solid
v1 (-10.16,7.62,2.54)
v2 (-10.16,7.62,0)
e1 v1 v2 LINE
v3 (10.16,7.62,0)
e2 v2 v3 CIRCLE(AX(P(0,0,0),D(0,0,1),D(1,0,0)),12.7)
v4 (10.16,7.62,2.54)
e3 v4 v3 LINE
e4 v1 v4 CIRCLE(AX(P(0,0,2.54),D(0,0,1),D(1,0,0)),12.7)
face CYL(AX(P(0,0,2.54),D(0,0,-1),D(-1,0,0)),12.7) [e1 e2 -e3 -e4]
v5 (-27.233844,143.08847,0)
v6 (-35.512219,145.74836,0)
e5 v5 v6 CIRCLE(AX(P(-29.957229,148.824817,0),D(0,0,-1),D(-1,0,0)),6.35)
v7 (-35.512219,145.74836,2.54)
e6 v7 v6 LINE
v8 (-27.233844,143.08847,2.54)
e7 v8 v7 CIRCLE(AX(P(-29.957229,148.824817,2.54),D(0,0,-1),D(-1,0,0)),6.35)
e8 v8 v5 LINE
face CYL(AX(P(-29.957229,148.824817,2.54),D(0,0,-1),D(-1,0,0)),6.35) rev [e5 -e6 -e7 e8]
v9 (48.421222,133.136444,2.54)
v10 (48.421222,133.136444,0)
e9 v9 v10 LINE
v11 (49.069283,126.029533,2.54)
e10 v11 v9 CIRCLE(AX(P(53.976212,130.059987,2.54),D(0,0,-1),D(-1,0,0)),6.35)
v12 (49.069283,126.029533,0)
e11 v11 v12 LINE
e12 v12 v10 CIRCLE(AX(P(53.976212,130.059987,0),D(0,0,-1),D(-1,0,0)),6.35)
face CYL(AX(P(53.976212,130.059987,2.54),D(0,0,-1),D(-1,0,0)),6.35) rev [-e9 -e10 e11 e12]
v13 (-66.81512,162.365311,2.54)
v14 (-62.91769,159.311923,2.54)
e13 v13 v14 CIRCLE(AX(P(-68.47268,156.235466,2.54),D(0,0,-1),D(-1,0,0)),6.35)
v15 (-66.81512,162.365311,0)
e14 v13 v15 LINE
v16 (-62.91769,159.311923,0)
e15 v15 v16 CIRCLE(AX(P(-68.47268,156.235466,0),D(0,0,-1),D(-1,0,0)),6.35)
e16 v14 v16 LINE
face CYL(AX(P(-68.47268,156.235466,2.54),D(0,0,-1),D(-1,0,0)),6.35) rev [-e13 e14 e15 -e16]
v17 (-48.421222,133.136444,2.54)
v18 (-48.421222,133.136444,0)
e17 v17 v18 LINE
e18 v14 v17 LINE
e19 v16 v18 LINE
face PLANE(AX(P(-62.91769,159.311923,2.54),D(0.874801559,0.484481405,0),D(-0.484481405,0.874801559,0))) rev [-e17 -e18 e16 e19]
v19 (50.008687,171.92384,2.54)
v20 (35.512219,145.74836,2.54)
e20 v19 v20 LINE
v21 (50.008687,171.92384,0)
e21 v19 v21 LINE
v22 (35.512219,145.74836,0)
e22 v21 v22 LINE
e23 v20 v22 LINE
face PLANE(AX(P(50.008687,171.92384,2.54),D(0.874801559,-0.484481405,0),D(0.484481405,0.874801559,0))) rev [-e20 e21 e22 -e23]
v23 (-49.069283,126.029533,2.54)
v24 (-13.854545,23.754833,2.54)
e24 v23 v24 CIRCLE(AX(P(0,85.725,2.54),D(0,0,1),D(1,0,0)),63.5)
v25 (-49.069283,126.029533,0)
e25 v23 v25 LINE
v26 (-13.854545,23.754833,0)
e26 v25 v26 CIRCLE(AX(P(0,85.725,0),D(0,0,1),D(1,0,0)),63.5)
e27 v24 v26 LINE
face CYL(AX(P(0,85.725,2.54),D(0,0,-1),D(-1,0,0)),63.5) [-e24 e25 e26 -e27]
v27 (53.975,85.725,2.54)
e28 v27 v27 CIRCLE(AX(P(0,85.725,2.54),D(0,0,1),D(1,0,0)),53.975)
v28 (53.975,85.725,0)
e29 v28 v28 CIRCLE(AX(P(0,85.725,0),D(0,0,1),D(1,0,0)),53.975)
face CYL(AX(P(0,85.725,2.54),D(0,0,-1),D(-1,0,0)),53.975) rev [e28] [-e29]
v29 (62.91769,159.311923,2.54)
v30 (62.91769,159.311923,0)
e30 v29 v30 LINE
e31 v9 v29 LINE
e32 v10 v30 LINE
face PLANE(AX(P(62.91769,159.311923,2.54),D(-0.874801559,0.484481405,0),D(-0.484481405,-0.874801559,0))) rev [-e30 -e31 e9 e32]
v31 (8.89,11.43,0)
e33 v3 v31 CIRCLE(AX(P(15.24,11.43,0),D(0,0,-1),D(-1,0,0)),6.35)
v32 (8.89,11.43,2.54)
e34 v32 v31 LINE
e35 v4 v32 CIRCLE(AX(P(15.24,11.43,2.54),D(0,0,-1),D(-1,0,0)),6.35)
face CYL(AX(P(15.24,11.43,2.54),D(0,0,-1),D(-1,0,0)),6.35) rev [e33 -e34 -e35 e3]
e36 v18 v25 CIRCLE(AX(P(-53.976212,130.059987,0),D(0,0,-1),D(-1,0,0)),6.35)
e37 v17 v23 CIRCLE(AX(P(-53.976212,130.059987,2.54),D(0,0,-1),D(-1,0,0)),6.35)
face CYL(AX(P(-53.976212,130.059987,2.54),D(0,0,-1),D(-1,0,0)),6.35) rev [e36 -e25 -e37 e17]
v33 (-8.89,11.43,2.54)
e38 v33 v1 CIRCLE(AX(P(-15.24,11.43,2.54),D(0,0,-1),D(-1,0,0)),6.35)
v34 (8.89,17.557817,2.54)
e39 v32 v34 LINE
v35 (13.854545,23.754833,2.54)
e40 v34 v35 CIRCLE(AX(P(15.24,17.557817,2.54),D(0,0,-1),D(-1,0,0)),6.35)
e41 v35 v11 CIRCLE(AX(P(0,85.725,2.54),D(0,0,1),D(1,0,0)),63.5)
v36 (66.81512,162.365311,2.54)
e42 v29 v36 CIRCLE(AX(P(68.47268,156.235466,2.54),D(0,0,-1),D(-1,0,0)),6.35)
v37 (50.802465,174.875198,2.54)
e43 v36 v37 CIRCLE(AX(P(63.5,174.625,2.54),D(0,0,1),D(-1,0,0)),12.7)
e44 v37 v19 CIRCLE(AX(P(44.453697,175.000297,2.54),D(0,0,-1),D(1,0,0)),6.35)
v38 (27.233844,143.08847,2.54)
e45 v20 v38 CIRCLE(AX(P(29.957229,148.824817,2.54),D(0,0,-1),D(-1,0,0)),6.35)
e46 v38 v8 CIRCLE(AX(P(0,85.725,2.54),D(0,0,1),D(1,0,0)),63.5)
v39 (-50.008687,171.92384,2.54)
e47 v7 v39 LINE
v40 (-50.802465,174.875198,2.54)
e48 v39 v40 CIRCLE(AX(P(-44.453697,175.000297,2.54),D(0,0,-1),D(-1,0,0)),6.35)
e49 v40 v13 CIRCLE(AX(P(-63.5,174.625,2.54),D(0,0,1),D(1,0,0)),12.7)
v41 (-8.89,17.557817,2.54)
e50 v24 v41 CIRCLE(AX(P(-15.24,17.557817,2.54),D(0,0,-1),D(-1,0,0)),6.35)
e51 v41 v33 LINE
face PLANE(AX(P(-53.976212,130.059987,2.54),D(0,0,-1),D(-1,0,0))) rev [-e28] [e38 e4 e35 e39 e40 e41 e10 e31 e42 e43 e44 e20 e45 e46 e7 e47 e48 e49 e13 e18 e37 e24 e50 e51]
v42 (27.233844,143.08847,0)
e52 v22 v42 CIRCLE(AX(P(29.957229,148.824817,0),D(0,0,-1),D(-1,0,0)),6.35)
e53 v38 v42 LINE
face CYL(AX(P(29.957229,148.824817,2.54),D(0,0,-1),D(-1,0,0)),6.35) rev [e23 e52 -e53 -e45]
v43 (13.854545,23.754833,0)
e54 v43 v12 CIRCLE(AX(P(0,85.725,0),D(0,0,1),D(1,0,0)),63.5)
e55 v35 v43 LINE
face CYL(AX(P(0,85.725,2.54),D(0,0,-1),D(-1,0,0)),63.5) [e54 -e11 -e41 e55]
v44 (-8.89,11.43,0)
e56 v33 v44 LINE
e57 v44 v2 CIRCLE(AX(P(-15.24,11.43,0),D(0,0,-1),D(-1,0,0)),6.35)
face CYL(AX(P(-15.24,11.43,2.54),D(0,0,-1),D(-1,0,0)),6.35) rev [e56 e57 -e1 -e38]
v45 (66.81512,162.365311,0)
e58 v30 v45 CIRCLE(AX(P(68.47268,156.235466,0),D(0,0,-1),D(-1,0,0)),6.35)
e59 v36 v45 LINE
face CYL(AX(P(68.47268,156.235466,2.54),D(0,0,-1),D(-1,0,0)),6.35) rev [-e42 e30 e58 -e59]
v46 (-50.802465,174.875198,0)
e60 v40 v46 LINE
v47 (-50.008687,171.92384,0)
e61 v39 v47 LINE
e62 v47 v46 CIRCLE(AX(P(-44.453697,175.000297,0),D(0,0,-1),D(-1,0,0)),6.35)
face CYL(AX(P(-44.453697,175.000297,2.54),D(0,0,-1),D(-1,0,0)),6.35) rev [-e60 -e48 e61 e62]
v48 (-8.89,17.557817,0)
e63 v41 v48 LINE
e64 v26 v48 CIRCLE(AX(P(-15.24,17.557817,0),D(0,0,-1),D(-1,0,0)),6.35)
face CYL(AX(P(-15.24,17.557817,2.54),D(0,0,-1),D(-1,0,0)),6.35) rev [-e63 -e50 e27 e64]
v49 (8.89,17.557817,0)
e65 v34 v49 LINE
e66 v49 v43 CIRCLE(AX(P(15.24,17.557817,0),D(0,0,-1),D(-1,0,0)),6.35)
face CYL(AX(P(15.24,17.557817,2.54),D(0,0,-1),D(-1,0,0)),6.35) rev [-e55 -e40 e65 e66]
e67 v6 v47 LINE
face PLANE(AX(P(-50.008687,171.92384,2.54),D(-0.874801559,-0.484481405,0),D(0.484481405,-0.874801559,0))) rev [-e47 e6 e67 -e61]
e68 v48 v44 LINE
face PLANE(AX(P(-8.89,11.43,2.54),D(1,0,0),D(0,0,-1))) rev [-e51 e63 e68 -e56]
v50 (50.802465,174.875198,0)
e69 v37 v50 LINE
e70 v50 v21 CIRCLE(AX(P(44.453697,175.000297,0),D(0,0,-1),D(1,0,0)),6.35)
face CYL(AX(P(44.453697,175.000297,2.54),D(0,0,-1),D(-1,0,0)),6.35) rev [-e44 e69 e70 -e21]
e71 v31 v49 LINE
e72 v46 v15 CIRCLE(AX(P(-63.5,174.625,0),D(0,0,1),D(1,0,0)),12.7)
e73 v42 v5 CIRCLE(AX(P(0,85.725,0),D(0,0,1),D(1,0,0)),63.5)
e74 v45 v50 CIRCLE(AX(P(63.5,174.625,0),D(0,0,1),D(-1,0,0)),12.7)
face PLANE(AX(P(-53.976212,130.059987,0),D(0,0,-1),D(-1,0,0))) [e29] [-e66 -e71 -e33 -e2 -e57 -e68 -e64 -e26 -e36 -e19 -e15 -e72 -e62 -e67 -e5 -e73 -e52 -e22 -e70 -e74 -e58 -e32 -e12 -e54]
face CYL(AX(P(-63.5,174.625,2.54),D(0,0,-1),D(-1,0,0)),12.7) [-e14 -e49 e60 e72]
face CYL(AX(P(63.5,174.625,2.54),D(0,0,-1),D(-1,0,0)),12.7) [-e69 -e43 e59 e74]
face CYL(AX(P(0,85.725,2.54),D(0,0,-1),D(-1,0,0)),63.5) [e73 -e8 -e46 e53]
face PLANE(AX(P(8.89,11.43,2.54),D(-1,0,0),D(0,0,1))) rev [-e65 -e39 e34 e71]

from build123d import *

# Parameters (mm, degrees)
SKETCH1_R          = 53.975
BASE_EXTRUDE_DEPTH = 2.54


with BuildPart() as part:
    # Sketch1 → Base-Extrude (new body)
    with BuildSketch(Plane.XY):
        with BuildLine():
            Line((50.008687045, 171.923839684), (35.512218796, 145.748360325))
            ThreePointArc((35.512218796, 145.748360325), (31.899714725, 142.779219777), (27.233844451, 143.088470227))
            ThreePointArc((27.233844451, 143.088470227), (0, 149.225), (-27.233844451, 143.088470227))
            ThreePointArc((-27.233844451, 143.088470227), (-31.899714725, 142.779219777), (-35.512218796, 145.748360325))
            Line((-35.512218796, 145.748360325), (-50.008687045, 171.923839684))
            ThreePointArc((-50.008687045, 171.923839684), (-50.585784013, 173.351051132), (-50.802464763, 174.875197739))
            ThreePointArc((-50.802464763, 174.875197739), (-71.318679333, 184.632909546), (-66.815120037, 162.365310806))
            ThreePointArc((-66.815120037, 162.365310806), (-64.556557847, 161.234114711), (-62.917690155, 159.311923133))
            Line((-62.917690155, 159.311923133), (-48.421221906, 133.136443774))
            ThreePointArc((-48.421221906, 133.136443774), (-47.652448943, 129.483338569), (-49.069283461, 126.0295335))
            ThreePointArc((-49.069283461, 126.0295335), (-60.040658228, 65.052086332), (-13.854545455, 23.754833224))
            ThreePointArc((-13.854545455, 23.754833224), (-10.284188444, 21.528009466), (-8.89, 17.557816546))
            Line((-8.89, 17.557816546), (-8.89, 11.43))
            ThreePointArc((-8.89, 11.43), (-9.215861057, 9.421953686), (-10.16, 7.62))
            ThreePointArc((-10.16, 7.62), (0, -12.7), (10.16, 7.62))
            ThreePointArc((10.16, 7.62), (9.215861057, 9.421953686), (8.89, 11.43))
            Line((8.89, 11.43), (8.89, 17.557816546))
            ThreePointArc((8.89, 17.557816546), (10.284188444, 21.528009466), (13.854545455, 23.754833224))
            ThreePointArc((13.854545455, 23.754833224), (60.040658228, 65.052086332), (49.069283461, 126.0295335))
            ThreePointArc((49.069283461, 126.0295335), (47.652448943, 129.483338569), (48.421221906, 133.136443774))
            Line((48.421221906, 133.136443774), (62.917690155, 159.311923133))
            ThreePointArc((62.917690155, 159.311923133), (64.556557847, 161.234114711), (66.815120037, 162.365310806))
            ThreePointArc((66.815120037, 162.365310806), (71.318679333, 184.632909546), (50.802464763, 174.875197739))
            ThreePointArc((50.802464763, 174.875197739), (50.585784013, 173.351051132), (50.008687045, 171.923839684))
        make_face()
        with Locations((0, 85.725)):
            Circle(SKETCH1_R, mode=Mode.SUBTRACT)
    extrude(amount=BASE_EXTRUDE_DEPTH)


solid = part.part
